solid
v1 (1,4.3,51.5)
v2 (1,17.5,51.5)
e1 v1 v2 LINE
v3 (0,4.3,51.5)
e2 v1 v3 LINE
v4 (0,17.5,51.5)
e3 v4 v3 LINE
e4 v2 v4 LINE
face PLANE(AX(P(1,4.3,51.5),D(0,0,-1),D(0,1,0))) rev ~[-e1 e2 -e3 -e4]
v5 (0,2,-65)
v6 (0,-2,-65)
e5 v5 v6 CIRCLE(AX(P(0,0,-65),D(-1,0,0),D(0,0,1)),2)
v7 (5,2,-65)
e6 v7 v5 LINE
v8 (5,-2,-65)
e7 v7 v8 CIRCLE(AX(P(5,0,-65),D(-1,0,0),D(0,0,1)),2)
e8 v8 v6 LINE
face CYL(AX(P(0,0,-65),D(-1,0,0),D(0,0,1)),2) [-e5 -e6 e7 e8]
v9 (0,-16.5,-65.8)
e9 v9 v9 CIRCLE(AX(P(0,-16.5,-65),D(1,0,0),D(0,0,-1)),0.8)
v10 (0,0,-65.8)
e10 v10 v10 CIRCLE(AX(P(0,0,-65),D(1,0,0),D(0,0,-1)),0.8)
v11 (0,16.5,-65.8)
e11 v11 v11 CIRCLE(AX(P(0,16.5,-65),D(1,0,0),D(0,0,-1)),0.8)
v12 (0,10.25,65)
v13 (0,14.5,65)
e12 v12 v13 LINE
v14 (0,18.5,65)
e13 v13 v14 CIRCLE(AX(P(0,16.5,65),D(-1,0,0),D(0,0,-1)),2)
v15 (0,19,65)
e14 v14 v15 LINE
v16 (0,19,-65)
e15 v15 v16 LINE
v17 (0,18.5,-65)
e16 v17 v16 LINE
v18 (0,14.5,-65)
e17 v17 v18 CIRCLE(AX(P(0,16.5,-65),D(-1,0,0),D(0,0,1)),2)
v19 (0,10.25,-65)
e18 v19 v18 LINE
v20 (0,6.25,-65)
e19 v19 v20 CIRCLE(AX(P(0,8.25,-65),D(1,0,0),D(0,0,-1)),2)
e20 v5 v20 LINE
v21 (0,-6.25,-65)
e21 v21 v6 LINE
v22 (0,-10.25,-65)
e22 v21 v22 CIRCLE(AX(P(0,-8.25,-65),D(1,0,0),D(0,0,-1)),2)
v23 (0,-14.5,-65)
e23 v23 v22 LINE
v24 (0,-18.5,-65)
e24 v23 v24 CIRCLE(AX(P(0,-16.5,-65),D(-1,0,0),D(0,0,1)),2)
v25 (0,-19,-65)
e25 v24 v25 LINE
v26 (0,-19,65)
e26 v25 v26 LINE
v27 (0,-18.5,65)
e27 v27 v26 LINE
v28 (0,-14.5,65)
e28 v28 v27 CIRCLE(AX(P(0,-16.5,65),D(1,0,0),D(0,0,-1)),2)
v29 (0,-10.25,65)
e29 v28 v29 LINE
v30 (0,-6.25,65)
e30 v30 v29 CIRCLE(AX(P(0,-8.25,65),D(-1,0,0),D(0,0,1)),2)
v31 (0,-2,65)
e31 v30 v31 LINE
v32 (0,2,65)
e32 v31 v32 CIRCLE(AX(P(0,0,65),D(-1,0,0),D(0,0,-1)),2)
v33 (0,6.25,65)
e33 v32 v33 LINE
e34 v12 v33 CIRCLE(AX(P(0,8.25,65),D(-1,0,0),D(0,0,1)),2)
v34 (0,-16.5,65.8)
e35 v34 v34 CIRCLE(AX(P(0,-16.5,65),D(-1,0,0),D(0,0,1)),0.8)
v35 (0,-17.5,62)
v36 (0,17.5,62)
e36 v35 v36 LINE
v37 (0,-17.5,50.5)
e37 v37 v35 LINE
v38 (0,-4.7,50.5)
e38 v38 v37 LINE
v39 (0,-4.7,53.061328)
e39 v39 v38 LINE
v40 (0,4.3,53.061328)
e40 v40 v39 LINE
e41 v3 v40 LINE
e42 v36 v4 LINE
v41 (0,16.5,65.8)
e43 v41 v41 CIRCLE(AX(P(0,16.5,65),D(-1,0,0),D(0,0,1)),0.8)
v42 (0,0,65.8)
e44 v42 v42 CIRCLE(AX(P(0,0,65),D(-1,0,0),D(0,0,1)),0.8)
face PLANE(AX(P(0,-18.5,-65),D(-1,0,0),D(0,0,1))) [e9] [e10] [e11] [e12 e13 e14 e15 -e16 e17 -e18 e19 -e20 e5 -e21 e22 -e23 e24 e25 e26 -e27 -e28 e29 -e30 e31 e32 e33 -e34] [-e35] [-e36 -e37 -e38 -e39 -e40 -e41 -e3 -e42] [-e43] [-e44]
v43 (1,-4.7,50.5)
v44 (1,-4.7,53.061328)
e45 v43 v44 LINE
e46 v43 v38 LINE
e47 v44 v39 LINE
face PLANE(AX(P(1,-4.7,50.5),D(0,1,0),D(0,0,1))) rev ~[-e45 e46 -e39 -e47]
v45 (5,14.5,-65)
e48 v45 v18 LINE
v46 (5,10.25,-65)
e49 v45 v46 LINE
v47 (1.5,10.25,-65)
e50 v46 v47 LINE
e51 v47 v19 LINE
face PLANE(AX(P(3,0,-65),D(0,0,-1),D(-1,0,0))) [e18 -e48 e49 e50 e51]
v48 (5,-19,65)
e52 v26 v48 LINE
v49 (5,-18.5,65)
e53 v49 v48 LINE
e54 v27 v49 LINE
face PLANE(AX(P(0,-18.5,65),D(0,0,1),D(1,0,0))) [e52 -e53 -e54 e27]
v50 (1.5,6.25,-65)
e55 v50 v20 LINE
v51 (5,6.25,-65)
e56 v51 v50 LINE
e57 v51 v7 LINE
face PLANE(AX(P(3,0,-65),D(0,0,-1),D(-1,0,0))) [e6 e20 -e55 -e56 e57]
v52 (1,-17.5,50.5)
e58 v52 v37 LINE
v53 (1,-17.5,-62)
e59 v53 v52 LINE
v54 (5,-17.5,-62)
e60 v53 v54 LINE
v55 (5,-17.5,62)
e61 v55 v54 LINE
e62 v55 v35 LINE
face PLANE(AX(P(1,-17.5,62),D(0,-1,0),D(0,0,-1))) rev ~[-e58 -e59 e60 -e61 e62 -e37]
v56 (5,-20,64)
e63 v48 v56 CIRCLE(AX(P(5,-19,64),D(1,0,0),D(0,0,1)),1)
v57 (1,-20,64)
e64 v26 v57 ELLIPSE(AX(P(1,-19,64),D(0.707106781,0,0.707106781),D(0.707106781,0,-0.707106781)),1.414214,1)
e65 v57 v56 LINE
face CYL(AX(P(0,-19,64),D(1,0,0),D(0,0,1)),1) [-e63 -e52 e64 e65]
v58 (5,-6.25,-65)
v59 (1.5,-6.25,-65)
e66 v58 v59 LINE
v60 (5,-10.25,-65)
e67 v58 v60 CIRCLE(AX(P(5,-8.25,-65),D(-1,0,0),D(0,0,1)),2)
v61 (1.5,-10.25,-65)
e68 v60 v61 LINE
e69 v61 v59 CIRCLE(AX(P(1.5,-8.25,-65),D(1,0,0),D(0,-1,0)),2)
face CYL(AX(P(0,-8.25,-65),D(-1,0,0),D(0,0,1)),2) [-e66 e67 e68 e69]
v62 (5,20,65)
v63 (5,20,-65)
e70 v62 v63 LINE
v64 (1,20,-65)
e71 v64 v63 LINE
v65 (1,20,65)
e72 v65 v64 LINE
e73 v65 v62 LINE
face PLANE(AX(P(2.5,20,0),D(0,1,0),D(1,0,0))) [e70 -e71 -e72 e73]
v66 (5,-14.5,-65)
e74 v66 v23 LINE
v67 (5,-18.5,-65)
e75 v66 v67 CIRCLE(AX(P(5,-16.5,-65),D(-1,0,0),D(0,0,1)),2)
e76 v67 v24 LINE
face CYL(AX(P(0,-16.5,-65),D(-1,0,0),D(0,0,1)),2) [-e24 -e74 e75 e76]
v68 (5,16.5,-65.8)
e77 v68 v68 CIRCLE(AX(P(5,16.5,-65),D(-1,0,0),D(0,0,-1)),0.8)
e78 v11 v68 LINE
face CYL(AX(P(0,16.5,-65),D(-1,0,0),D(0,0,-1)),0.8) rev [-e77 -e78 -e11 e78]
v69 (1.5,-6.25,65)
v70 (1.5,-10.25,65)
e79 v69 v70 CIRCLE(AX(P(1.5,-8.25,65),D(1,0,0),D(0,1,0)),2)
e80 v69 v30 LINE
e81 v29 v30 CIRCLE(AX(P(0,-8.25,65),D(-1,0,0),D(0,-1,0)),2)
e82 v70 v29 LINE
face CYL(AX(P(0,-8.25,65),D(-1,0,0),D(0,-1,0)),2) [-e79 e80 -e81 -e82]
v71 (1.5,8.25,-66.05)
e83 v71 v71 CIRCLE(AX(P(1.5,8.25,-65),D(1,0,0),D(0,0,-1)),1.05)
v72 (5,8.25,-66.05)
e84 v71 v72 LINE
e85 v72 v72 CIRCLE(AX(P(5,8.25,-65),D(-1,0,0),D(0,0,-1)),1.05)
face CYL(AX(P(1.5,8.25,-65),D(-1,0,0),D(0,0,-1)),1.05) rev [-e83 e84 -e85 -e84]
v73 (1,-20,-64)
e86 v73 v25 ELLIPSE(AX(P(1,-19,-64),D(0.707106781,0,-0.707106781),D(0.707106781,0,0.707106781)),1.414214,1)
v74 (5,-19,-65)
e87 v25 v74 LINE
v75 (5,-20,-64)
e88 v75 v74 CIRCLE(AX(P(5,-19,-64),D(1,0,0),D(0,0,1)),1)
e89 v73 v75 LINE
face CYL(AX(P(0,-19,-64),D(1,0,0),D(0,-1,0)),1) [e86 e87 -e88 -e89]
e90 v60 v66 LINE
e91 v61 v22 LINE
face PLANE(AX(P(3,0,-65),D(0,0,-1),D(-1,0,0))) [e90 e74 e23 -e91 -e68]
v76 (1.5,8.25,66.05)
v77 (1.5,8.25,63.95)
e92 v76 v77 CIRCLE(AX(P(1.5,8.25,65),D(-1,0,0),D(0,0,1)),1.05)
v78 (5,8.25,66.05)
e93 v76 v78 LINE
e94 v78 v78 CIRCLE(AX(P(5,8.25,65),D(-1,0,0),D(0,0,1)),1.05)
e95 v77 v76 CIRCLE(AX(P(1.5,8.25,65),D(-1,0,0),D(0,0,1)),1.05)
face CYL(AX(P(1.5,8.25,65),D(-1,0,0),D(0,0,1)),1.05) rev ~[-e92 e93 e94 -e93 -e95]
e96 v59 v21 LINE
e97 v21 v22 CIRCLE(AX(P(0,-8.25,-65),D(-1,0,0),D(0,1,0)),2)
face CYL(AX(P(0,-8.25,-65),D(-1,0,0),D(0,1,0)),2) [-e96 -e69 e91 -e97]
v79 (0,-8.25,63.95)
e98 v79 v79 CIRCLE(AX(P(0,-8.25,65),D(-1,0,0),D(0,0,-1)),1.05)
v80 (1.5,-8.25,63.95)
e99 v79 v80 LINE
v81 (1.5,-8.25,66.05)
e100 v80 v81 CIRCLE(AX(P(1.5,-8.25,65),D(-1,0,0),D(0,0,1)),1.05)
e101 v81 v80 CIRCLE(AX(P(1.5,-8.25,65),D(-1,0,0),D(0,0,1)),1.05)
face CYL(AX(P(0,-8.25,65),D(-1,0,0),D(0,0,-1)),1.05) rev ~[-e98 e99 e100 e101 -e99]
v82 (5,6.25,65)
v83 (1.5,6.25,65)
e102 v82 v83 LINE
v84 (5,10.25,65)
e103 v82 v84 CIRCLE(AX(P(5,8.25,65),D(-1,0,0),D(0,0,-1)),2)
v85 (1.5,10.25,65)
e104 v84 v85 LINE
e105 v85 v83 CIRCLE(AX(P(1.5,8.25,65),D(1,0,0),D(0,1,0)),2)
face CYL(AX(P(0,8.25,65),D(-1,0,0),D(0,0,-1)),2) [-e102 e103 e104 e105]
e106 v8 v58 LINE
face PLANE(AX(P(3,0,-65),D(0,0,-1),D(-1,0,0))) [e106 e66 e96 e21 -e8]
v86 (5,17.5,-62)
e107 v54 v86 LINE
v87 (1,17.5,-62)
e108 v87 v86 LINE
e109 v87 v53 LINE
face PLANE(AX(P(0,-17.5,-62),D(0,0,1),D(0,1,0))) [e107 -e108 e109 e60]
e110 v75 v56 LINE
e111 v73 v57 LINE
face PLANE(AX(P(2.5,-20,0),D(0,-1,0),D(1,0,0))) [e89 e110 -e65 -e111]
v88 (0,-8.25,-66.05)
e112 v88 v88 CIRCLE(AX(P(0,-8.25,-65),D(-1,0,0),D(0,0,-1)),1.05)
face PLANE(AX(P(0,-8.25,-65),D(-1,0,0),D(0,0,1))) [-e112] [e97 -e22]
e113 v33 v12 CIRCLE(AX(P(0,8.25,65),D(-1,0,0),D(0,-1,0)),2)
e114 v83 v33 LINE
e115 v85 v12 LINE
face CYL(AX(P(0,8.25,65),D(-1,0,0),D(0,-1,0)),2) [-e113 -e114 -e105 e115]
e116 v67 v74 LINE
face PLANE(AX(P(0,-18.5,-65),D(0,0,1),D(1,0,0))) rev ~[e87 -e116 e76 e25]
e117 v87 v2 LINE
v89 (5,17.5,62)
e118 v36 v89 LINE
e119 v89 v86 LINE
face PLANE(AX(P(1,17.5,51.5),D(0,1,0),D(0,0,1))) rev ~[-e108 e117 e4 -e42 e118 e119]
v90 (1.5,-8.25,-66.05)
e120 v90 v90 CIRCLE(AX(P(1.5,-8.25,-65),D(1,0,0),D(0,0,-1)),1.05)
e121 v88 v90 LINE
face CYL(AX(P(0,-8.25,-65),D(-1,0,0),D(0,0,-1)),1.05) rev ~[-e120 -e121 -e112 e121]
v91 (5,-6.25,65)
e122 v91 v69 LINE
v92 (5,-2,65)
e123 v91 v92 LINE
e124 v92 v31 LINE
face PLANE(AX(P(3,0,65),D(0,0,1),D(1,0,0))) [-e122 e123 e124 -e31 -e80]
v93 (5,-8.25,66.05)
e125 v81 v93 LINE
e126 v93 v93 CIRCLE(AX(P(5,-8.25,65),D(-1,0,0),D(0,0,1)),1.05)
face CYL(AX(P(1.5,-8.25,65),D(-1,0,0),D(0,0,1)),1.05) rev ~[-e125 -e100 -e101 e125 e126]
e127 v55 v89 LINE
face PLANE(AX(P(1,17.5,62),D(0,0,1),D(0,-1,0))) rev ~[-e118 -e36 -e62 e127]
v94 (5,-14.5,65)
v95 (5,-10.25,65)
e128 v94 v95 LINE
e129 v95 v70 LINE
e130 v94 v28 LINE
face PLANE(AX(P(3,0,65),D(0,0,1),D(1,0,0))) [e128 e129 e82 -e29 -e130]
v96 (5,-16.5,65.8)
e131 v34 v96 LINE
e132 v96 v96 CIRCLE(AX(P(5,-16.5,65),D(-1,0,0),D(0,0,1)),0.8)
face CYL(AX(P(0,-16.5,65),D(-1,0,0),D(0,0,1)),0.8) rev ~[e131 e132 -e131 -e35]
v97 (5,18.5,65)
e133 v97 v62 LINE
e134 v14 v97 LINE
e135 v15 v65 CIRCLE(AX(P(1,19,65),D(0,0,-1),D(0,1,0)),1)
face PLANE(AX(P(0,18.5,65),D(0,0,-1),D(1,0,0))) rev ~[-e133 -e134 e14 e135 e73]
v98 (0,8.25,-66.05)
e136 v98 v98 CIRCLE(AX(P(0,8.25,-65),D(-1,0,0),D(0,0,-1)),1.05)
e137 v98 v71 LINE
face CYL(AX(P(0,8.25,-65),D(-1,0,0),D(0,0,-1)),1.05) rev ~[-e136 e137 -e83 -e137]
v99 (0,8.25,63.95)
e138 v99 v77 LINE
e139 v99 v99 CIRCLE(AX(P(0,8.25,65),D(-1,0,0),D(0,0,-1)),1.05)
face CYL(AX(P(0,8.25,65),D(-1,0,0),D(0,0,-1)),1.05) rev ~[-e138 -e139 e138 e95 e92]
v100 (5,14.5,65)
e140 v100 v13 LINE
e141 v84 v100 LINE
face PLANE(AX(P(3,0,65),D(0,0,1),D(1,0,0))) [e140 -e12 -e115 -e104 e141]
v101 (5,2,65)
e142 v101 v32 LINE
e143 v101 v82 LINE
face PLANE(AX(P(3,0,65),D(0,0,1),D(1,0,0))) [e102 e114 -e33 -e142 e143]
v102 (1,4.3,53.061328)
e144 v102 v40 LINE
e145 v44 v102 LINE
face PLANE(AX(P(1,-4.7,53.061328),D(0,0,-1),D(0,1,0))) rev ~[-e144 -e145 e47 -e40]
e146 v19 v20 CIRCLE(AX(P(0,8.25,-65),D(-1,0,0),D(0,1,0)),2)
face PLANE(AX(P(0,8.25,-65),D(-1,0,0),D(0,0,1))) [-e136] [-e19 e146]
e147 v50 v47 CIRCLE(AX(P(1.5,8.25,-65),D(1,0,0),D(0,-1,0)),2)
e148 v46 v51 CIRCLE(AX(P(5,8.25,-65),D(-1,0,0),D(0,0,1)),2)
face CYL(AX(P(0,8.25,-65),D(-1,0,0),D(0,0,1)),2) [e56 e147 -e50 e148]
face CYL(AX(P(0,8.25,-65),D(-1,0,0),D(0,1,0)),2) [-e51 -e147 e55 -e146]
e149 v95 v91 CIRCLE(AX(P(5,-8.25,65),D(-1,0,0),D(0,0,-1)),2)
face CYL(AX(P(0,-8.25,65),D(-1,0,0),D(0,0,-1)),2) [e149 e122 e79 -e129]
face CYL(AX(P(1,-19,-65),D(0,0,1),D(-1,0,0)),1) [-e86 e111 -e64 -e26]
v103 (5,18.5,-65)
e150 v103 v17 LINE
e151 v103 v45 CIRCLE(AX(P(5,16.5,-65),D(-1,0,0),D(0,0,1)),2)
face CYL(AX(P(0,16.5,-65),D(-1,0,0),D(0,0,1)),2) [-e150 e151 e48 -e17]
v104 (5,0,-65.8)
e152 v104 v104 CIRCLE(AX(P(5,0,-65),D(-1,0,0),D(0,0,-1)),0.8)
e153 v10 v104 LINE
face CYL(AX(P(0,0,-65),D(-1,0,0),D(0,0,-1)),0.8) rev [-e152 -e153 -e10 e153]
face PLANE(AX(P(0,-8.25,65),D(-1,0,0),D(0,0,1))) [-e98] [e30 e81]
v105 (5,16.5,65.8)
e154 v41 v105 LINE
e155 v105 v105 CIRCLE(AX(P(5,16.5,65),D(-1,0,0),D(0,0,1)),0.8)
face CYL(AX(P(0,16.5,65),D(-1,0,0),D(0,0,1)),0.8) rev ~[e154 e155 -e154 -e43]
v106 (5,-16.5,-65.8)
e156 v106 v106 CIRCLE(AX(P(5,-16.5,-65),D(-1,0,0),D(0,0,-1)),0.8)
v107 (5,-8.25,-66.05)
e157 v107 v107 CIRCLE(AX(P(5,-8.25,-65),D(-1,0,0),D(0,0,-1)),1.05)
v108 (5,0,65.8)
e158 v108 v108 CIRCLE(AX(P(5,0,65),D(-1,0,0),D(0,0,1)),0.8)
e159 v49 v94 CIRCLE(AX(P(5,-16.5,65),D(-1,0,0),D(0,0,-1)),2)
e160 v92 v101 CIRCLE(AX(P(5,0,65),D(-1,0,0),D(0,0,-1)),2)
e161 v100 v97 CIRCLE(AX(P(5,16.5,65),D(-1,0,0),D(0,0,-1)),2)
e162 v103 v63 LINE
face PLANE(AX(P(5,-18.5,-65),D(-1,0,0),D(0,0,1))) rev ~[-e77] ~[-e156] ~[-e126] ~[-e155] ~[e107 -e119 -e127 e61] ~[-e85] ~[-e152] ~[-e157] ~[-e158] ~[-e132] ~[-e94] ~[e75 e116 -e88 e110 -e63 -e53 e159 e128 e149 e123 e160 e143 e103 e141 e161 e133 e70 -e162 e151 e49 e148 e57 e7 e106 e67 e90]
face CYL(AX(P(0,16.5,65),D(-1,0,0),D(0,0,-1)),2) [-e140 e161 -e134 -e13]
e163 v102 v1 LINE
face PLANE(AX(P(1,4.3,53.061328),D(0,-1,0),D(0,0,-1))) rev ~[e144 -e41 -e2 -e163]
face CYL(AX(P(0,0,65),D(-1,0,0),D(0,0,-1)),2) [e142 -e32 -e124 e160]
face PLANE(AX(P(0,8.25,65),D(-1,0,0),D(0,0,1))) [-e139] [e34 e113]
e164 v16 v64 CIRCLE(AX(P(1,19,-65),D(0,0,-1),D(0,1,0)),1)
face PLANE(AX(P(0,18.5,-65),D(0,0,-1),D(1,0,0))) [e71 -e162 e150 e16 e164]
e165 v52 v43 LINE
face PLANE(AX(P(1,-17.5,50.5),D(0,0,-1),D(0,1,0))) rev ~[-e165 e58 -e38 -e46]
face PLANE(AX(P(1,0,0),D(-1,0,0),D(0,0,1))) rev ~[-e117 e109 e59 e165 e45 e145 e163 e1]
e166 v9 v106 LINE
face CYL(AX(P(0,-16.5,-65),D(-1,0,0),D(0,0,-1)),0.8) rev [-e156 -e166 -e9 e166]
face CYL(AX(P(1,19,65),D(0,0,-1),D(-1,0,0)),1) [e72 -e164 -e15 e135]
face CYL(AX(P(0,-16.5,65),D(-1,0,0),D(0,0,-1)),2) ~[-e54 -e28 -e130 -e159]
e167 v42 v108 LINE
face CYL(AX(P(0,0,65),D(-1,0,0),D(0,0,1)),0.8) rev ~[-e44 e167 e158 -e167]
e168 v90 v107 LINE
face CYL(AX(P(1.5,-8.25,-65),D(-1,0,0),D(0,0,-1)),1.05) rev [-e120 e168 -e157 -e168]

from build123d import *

# Parameters (mm, degrees)
SKETCH_1_W               = 126
SKETCH_1_H               = 37
SKETCH_1_W_2             = 124
SKETCH_1_H_2             = 35
EXTRUDE_1_DEPTH          = 6
SKETCH_2_W               = 126
SKETCH_2_H               = 37
EXTRUDE_2_DEPTH          = 1
SKETCH_3_W               = 6
SKETCH_3_H               = 37
EXTRUDE_3_DEPTH          = 2
SKETCH_4_W               = 6
SKETCH_4_H               = 37
EXTRUDE_4_DEPTH          = 2
SKETCH_10_R              = 2
EXTRUDE_6_DEPTH          = 6
PATTERN_LINEAR_1_COUNT   = 5
PATTERN_LINEAR_1_PITCH   = 8.25
MIRROR_2_COPY_1_SKETCH_R = 2
MIRROR_2_COPY_1_DEPTH    = 6
MIRROR_2_COPY_2_SKETCH_R = 2
MIRROR_2_COPY_2_DEPTH    = 6
MIRROR_2_COPY_3_SKETCH_R = 2
MIRROR_2_COPY_3_DEPTH    = 6
MIRROR_2_COPY_4_SKETCH_R = 2
MIRROR_2_COPY_4_DEPTH    = 6
SKETCH_13_R              = 0.8
CUT_EXTRUDE_4_DEPTH      = 70.765679241
SKETCH_14_R              = 2
CUT_EXTRUDE_5_DEPTH      = 1.5
SKETCH_15_R              = 1.05
CUT_EXTRUDE_6_DEPTH      = 70.652709926
CUT_EXTRUDE_7_DEPTH      = 10
SKETCH_18_W              = 185.055300519
SKETCH_18_H              = 78.031908054
CUT_EXTRUDE_8_DEPTH      = 1
SKETCH_19_W              = 5
SKETCH_19_H              = 130
EXTRUDE_7_DEPTH          = 1.5
SKETCH_20_W              = 5
SKETCH_20_H              = 130
EXTRUDE_8_DEPTH          = 1.5
SKETCH_21_W              = 9.5
SKETCH_21_H              = 12.2
CUT_EXTRUDE_9_DEPTH      = 10
FILLET_1_R               = 1
CUT_EXTRUDE_10_DEPTH     = 10
EXTRUDE_START            = 1.5
SKETCH_23_R              = 1.05
EXTRUDE_9_DEPTH          = 1.5


with BuildPart() as part:
    # 草图1 → 凸台-拉伸1 (new body)
    with BuildSketch(Plane(origin=(0, 0, 0), x_dir=(0, 0, -1), z_dir=(1, 0, 0))):
        Rectangle(SKETCH_1_W, SKETCH_1_H)
        Rectangle(SKETCH_1_W_2, SKETCH_1_H_2, mode=Mode.SUBTRACT)
    extrude(amount=EXTRUDE_1_DEPTH)

    # 草图2 → 凸台-拉伸2 (add)
    with BuildSketch(Plane.ZY):
        Rectangle(SKETCH_2_W, SKETCH_2_H)
    extrude(amount=-EXTRUDE_2_DEPTH)

    # 草图3 → 凸台-拉伸3 (add)
    with BuildSketch(Plane(origin=(0, 0, -63), x_dir=(-1, 0, 0), z_dir=(0, 0, -1))):
        with Locations((-3, 0)):
            Rectangle(SKETCH_3_W, SKETCH_3_H)
    extrude(amount=EXTRUDE_3_DEPTH)

    # 草图4 → 凸台-拉伸4 (add)
    with BuildSketch(Plane.XY.offset(63)):
        with Locations((3, 0)):
            Rectangle(SKETCH_4_W, SKETCH_4_H)
    extrude(amount=EXTRUDE_4_DEPTH)

    # 草图10 → 凸台-拉伸6 (add)
    with BuildSketch(Plane.ZY):
        with Locations((-65, -16.5)):
            Circle(SKETCH_10_R)
    extrude_6 = extrude(amount=-EXTRUDE_6_DEPTH)

    # 阵列(线性)1: 凸台-拉伸6 ×5
    with Locations(*[(0, i * PATTERN_LINEAR_1_PITCH, 0) for i in range(1, PATTERN_LINEAR_1_COUNT)]):
        add(extrude_6)

    # 镜向2: 凸台-拉伸6 across plane
    add(extrude_6.mirror(Plane.XY))

    # 镜向2 copy 1 sketch → 镜向2 copy 1 (add)
    with BuildSketch(Plane(origin=(0, 8.25, 0), x_dir=(0, 0, -1), z_dir=(-1, 0, 0))):
        with Locations((-65, 16.5)):
            Circle(MIRROR_2_COPY_1_SKETCH_R)
    extrude(amount=-MIRROR_2_COPY_1_DEPTH)

    # 镜向2 copy 2 sketch → 镜向2 copy 2 (add)
    with BuildSketch(Plane(origin=(0, 16.5, 0), x_dir=(0, 0, -1), z_dir=(-1, 0, 0))):
        with Locations((-65, 16.5)):
            Circle(MIRROR_2_COPY_2_SKETCH_R)
    extrude(amount=-MIRROR_2_COPY_2_DEPTH)

    # 镜向2 copy 3 sketch → 镜向2 copy 3 (add)
    with BuildSketch(Plane(origin=(0, 24.75, 0), x_dir=(0, 0, -1), z_dir=(-1, 0, 0))):
        with Locations((-65, 16.5)):
            Circle(MIRROR_2_COPY_3_SKETCH_R)
    extrude(amount=-MIRROR_2_COPY_3_DEPTH)

    # 镜向2 copy 4 sketch → 镜向2 copy 4 (add)
    with BuildSketch(Plane(origin=(0, 33, 0), x_dir=(0, 0, -1), z_dir=(-1, 0, 0))):
        with Locations((-65, 16.5)):
            Circle(MIRROR_2_COPY_4_SKETCH_R)
    extrude(amount=-MIRROR_2_COPY_4_DEPTH)

    # 草图13 → 切除-拉伸4 (cut, through all)
    with BuildSketch(Plane.ZY):
        with Locations((65, -16.5)):
            Circle(SKETCH_13_R)
        with Locations((65, 0)):
            Circle(SKETCH_13_R)
        with Locations((65, 16.5)):
            Circle(SKETCH_13_R)
    cut_extrude_4 = extrude(amount=-CUT_EXTRUDE_4_DEPTH, mode=Mode.SUBTRACT)

    # 草图14 → 切除-拉伸5 (cut)
    with BuildSketch(Plane.ZY):
        with Locations((65, -8.25)):
            Circle(SKETCH_14_R)
        with Locations((65, 8.25)):
            Circle(SKETCH_14_R)
    cut_extrude_5 = extrude(amount=-CUT_EXTRUDE_5_DEPTH, mode=Mode.SUBTRACT)

    # 草图15 → 切除-拉伸6 (cut, through all)
    with BuildSketch(Plane.ZY.offset(-1.5)):
        with Locations((65, -8.25)):
            Circle(SKETCH_15_R)
        with Locations((65, 8.25)):
            Circle(SKETCH_15_R)
    cut_extrude_6 = extrude(amount=-CUT_EXTRUDE_6_DEPTH, mode=Mode.SUBTRACT)

    # 镜向3: 切除-拉伸4, 切除-拉伸5, 切除-拉伸6 across plane
    add(cut_extrude_4.mirror(Plane.XY), mode=Mode.SUBTRACT)
    add(cut_extrude_5.mirror(Plane.XY), mode=Mode.SUBTRACT)
    add(cut_extrude_6.mirror(Plane.XY), mode=Mode.SUBTRACT)

    # 草图16 → 切除-拉伸7 (cut)
    with BuildSketch(Plane(origin=(1, 0, 0), x_dir=(0, 0, -1), z_dir=(1, 0, 0))):
        Polygon((-53.561328166, 17), (-61.5, 17), (-61.5, -17), (-53.561328166, -17), (-53.561328166, -9), (-53.561328166, -8), (-53.561328166, -5.2), align=None)
        Polygon((-51, -5.2), (-53.561328166, -5.2), (-53.561328166, -8), (-53.561328166, -9), (-53.561328166, -17), (-51, -17), align=None)
    extrude(amount=-CUT_EXTRUDE_7_DEPTH, mode=Mode.SUBTRACT)

    # 草图18 → 切除-拉伸8 (cut)
    with BuildSketch(Plane(origin=(6, 0, 0), x_dir=(0, 0, -1), z_dir=(1, 0, 0))):
        with Locations((-2.452376317, 2.737795631)):
            Rectangle(SKETCH_18_W, SKETCH_18_H)
    extrude(amount=-CUT_EXTRUDE_8_DEPTH, mode=Mode.SUBTRACT)

    # 草图19 → 凸台-拉伸7 (add)
    with BuildSketch(Plane(origin=(0, 18.5, 0), x_dir=(1, 0, 0), z_dir=(0, 1, 0))):
        with Locations((2.5, 0)):
            Rectangle(SKETCH_19_W, SKETCH_19_H)
    extrude(amount=EXTRUDE_7_DEPTH)

    # 草图20 → 凸台-拉伸8 (add)
    with BuildSketch(Plane.XZ.offset(18.5)):
        with Locations((2.5, 0)):
            Rectangle(SKETCH_20_W, SKETCH_20_H)
    extrude(amount=EXTRUDE_8_DEPTH)

    # 草图21 → 切除-拉伸9 (cut)
    with BuildSketch(Plane.ZY):
        with Locations((56.75, 10.9)):
            Rectangle(SKETCH_21_W, SKETCH_21_H)
    extrude(amount=-CUT_EXTRUDE_9_DEPTH, mode=Mode.SUBTRACT)

    # 圆角1
    fillet_1_edges = [part.edges().sort_by_distance(p)[0] for p in [
        (0, 20, 0),
        (2.5, -20, -65),
        (2.5, -20, 65),
        (0, -20, 0),
    ]]
    fillet(fillet_1_edges, radius=FILLET_1_R)

    # 草图22 → 切除-拉伸10 (cut)
    with BuildSketch(Plane(origin=(1, 0, 0), x_dir=(0, 0, -1), z_dir=(1, 0, 0))):
        Polygon((-62, 17.5), (-62, -17.5), (-50.5, -17.5), (-50.5, -4.7), (-53.061328166, -4.7), (-53.061328166, 4.3), (-51.5, 4.3), (-51.5, 17.5), align=None)
        Polygon((-61.5, -17), (-51, -17), (-51, -5.2), (-53.561328166, -5.2), (-53.561328166, 4.8), (-52, 4.8), (-52, 17), (-61.5, 17), align=None, mode=Mode.SUBTRACT)
    extrude(amount=-CUT_EXTRUDE_10_DEPTH, mode=Mode.SUBTRACT)

    # 草图23 → 凸台-拉伸9 (add)
    # profile 1 of 4: a face of its own
    with BuildSketch(Plane.ZY.offset(-1.5).offset(EXTRUDE_START)):
        with BuildLine():
            ThreePointArc((65, 10.25), (63, 8.25), (65, 6.25))
            ThreePointArc((65, 6.25), (67, 8.25), (65, 10.25))
        make_face()
        with Locations(Location((65, 8.25, 0), (0, 0, 180))):
            Circle(SKETCH_23_R, mode=Mode.SUBTRACT)
    # profile 2 of 4: a face of its own
    with BuildSketch(Plane.ZY.offset(-1.5).offset(EXTRUDE_START)):
        with BuildLine():
            ThreePointArc((65, -6.25), (63, -8.25), (65, -10.25))
            ThreePointArc((65, -10.25), (67, -8.25), (65, -6.25))
        make_face()
        with Locations(Location((65, -8.25, 0), (0, 0, 180))):
            Circle(SKETCH_23_R, mode=Mode.SUBTRACT)
    # profile 3 of 4: a face of its own
    with BuildSketch(Plane.ZY.offset(-1.5).offset(EXTRUDE_START)):
        with BuildLine():
            ThreePointArc((-65, -10.25), (-63, -8.25), (-65, -6.25))
            ThreePointArc((-65, -6.25), (-67, -8.25), (-65, -10.25))
        make_face()
        with Locations(Location((-65, -8.25, 0), (0, 0, 180))):
            Circle(SKETCH_23_R, mode=Mode.SUBTRACT)
    # profile 4 of 4: a face of its own
    with BuildSketch(Plane.ZY.offset(-1.5).offset(EXTRUDE_START)):
        with BuildLine():
            ThreePointArc((-65, 6.25), (-63, 8.25), (-65, 10.25))
            ThreePointArc((-65, 10.25), (-67, 8.25), (-65, 6.25))
        make_face()
        with Locations(Location((-65, 8.25, 0), (0, 0, 180))):
            Circle(SKETCH_23_R, mode=Mode.SUBTRACT)
    extrude(amount=-EXTRUDE_9_DEPTH)


solid = part.part
